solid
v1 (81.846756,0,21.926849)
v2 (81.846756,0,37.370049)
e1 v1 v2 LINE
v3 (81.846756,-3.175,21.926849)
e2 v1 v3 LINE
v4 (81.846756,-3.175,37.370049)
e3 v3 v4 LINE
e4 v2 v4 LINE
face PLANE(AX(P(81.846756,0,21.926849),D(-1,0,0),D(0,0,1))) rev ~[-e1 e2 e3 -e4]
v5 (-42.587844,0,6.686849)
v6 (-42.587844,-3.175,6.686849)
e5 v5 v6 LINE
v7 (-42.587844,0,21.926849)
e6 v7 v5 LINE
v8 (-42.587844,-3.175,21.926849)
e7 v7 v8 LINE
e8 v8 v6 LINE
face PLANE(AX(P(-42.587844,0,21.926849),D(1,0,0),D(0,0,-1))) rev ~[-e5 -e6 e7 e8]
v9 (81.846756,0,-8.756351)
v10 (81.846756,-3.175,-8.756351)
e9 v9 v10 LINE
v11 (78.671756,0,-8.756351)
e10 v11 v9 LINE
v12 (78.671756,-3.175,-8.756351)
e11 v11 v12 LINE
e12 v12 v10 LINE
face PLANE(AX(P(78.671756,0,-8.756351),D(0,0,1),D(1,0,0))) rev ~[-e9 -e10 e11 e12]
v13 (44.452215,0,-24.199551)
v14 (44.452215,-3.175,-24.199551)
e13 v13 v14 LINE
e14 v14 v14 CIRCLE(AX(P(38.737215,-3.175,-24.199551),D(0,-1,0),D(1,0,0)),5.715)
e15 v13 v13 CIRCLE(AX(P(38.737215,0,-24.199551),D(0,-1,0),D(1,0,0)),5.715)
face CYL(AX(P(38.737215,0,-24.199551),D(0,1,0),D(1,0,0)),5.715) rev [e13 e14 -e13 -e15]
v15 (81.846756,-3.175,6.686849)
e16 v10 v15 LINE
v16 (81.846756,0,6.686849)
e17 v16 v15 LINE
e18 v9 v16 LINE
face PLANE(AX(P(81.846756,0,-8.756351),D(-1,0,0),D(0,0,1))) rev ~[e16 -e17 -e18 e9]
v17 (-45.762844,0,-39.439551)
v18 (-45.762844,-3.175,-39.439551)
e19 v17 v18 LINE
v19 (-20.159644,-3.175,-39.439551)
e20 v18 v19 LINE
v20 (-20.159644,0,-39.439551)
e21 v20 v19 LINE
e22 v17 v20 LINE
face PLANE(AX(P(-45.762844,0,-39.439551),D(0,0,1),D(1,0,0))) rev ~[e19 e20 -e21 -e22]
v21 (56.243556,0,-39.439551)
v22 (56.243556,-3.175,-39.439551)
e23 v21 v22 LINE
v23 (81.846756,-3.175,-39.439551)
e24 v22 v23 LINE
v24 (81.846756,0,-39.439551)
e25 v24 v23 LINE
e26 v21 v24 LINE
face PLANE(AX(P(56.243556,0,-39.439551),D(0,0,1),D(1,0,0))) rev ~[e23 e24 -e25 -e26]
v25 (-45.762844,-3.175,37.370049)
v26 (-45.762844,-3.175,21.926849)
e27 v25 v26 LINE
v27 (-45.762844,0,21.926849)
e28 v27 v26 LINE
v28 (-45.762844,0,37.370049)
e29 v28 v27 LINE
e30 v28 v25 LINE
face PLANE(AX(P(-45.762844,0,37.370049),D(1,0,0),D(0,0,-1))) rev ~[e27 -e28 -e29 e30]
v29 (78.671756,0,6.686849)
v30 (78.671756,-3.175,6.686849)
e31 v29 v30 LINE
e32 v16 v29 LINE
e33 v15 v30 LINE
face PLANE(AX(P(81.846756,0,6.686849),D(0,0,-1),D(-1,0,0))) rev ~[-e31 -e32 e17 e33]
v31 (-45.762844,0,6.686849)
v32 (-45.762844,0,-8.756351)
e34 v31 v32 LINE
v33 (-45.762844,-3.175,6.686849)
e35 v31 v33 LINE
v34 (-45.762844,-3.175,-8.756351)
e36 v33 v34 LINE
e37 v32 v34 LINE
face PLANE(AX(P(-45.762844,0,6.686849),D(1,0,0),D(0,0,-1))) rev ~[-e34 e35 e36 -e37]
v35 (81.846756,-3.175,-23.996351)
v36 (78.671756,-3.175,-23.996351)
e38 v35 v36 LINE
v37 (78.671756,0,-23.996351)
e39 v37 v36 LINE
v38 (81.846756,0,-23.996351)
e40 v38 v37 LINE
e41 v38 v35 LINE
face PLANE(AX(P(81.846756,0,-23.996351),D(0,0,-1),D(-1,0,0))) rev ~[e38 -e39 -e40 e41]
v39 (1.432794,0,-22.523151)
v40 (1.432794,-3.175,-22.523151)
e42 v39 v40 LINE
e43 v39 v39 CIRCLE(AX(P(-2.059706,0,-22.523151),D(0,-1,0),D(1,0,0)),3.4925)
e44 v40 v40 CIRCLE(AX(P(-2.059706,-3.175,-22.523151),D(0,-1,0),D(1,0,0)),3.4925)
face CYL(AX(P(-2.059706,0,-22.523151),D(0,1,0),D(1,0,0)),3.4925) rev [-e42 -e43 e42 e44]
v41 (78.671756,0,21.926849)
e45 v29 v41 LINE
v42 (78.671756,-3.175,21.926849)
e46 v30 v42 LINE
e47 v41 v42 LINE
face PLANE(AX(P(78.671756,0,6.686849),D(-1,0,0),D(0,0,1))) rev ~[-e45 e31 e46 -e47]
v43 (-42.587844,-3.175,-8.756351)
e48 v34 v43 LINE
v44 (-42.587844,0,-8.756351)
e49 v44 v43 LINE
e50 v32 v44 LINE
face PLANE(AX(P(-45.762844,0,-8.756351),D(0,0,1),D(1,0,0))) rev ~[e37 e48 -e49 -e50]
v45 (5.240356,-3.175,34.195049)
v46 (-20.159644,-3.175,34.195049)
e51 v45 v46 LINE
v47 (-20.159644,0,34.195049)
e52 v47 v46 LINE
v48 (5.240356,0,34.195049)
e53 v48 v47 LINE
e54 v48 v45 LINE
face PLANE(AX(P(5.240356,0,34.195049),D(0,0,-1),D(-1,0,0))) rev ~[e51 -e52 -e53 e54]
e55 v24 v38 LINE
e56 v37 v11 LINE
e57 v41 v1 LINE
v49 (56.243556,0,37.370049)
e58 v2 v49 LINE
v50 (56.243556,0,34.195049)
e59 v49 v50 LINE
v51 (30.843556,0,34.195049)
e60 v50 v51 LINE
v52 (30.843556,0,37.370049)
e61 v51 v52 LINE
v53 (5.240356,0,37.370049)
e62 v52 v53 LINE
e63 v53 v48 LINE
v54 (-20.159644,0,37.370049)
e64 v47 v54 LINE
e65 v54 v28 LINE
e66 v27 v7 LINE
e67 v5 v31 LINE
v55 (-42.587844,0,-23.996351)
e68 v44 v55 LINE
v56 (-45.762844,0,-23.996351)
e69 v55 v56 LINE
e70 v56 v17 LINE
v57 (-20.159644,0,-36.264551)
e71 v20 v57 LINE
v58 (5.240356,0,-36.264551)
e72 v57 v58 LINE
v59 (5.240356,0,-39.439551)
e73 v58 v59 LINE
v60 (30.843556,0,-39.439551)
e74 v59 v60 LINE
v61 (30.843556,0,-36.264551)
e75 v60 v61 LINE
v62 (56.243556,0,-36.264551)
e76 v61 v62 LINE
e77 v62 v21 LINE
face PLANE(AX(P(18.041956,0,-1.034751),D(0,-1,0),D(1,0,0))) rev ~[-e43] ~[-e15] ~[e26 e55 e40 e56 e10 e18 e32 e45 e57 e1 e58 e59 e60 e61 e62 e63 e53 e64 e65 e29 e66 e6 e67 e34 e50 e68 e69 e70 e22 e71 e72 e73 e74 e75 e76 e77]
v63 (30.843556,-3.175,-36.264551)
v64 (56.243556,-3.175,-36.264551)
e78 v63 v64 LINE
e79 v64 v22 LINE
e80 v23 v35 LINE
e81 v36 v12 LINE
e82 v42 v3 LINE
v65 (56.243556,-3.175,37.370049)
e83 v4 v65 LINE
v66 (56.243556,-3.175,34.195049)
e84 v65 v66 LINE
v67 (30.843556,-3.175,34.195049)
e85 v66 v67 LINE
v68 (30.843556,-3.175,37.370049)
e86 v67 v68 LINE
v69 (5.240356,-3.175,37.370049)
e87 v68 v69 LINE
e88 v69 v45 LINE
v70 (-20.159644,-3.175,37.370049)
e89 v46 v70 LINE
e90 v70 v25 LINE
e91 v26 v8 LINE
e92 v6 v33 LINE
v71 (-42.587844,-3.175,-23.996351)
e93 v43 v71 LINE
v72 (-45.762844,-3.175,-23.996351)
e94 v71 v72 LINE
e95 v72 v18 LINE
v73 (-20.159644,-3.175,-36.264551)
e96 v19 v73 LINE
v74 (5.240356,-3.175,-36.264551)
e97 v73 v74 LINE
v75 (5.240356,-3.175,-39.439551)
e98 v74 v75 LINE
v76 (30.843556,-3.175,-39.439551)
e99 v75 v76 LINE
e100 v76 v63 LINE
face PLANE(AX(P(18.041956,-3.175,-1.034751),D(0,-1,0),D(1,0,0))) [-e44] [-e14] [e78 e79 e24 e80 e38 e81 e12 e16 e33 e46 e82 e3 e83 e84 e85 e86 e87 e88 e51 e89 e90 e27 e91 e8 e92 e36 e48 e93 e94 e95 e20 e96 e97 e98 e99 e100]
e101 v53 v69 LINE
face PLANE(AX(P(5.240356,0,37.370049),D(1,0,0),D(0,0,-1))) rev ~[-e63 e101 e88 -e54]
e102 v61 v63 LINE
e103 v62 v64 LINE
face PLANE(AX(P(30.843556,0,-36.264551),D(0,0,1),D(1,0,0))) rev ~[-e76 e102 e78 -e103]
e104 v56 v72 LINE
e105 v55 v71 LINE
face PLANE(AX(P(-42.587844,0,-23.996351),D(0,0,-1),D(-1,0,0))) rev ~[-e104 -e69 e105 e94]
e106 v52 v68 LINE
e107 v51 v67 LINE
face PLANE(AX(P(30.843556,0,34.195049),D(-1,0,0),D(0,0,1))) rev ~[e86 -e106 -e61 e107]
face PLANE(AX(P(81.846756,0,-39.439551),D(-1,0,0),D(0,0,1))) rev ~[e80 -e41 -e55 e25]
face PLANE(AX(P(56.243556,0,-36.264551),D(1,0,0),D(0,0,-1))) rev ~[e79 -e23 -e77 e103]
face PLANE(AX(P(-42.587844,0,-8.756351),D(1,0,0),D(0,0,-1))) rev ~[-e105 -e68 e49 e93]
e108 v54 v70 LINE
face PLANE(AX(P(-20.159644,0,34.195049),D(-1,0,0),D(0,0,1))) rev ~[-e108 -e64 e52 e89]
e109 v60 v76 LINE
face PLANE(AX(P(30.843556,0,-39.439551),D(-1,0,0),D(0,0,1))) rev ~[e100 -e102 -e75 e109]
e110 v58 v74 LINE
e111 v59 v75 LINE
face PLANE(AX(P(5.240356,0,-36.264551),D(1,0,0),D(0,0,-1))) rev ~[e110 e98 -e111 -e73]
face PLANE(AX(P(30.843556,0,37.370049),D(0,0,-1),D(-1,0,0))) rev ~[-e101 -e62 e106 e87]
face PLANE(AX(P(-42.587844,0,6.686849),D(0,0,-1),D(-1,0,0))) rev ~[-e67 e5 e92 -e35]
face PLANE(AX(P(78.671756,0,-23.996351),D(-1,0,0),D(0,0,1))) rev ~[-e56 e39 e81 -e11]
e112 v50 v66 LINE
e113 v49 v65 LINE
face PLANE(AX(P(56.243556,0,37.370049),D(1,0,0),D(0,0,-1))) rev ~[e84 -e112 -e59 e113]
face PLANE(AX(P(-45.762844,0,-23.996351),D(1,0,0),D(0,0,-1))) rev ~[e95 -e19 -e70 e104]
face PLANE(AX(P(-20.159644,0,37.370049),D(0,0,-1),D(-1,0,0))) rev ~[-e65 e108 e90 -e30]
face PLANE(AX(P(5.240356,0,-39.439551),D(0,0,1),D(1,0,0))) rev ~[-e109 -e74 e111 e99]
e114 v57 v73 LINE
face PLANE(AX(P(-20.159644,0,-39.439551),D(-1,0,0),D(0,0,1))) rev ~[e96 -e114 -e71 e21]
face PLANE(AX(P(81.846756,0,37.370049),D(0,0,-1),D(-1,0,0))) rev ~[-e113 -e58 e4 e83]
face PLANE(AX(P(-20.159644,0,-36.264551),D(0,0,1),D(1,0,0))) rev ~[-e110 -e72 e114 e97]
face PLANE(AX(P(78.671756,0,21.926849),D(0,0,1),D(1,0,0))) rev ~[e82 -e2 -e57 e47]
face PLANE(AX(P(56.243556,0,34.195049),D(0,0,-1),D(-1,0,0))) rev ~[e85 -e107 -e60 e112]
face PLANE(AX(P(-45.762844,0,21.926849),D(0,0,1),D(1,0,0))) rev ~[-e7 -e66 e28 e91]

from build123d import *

# Parameters (mm, degrees)
F0_R     = 3.4925
F0_R_2   = 5.715
F1_DEPTH = 3.175


with BuildPart() as f1:
    # F0 (on Front) → F1 (new body)
    with BuildSketch(Plane.XZ):
        Polygon((-20.159644, 37.370049), (-45.762844, 37.370049), (-45.762844, 21.926849), (-42.587844, 21.926849), (-42.587844, 6.686849), (-45.762844, 6.686849), (-45.762844, -8.756351), (-42.587844, -8.756351), (-42.587844, -23.996351), (-45.762844, -23.996351), (-45.762844, -39.439551), (-20.159644, -39.439551), (-20.159644, -36.264551), (5.240356, -36.264551), (5.240356, -39.439551), (30.843556, -39.439551), (30.843556, -36.264551), (56.243556, -36.264551), (56.243556, -39.439551), (81.846756, -39.439551), (81.846756, -23.996351), (78.671756, -23.996351), (78.671756, -8.756351), (81.846756, -8.756351), (81.846756, 6.686849), (78.671756, 6.686849), (78.671756, 21.926849), (81.846756, 21.926849), (81.846756, 37.370049), (56.243556, 37.370049), (56.243556, 34.195049), (30.843556, 34.195049), (30.843556, 37.370049), (5.240356, 37.370049), (5.240356, 34.195049), (-20.159644, 34.195049), align=None)
        with Locations((-2.059706, -22.523151)):
            Circle(F0_R, mode=Mode.SUBTRACT)
        with Locations((38.737215, -24.199551)):
            Circle(F0_R_2, mode=Mode.SUBTRACT)
    extrude(amount=F1_DEPTH)


solid = f1.part
